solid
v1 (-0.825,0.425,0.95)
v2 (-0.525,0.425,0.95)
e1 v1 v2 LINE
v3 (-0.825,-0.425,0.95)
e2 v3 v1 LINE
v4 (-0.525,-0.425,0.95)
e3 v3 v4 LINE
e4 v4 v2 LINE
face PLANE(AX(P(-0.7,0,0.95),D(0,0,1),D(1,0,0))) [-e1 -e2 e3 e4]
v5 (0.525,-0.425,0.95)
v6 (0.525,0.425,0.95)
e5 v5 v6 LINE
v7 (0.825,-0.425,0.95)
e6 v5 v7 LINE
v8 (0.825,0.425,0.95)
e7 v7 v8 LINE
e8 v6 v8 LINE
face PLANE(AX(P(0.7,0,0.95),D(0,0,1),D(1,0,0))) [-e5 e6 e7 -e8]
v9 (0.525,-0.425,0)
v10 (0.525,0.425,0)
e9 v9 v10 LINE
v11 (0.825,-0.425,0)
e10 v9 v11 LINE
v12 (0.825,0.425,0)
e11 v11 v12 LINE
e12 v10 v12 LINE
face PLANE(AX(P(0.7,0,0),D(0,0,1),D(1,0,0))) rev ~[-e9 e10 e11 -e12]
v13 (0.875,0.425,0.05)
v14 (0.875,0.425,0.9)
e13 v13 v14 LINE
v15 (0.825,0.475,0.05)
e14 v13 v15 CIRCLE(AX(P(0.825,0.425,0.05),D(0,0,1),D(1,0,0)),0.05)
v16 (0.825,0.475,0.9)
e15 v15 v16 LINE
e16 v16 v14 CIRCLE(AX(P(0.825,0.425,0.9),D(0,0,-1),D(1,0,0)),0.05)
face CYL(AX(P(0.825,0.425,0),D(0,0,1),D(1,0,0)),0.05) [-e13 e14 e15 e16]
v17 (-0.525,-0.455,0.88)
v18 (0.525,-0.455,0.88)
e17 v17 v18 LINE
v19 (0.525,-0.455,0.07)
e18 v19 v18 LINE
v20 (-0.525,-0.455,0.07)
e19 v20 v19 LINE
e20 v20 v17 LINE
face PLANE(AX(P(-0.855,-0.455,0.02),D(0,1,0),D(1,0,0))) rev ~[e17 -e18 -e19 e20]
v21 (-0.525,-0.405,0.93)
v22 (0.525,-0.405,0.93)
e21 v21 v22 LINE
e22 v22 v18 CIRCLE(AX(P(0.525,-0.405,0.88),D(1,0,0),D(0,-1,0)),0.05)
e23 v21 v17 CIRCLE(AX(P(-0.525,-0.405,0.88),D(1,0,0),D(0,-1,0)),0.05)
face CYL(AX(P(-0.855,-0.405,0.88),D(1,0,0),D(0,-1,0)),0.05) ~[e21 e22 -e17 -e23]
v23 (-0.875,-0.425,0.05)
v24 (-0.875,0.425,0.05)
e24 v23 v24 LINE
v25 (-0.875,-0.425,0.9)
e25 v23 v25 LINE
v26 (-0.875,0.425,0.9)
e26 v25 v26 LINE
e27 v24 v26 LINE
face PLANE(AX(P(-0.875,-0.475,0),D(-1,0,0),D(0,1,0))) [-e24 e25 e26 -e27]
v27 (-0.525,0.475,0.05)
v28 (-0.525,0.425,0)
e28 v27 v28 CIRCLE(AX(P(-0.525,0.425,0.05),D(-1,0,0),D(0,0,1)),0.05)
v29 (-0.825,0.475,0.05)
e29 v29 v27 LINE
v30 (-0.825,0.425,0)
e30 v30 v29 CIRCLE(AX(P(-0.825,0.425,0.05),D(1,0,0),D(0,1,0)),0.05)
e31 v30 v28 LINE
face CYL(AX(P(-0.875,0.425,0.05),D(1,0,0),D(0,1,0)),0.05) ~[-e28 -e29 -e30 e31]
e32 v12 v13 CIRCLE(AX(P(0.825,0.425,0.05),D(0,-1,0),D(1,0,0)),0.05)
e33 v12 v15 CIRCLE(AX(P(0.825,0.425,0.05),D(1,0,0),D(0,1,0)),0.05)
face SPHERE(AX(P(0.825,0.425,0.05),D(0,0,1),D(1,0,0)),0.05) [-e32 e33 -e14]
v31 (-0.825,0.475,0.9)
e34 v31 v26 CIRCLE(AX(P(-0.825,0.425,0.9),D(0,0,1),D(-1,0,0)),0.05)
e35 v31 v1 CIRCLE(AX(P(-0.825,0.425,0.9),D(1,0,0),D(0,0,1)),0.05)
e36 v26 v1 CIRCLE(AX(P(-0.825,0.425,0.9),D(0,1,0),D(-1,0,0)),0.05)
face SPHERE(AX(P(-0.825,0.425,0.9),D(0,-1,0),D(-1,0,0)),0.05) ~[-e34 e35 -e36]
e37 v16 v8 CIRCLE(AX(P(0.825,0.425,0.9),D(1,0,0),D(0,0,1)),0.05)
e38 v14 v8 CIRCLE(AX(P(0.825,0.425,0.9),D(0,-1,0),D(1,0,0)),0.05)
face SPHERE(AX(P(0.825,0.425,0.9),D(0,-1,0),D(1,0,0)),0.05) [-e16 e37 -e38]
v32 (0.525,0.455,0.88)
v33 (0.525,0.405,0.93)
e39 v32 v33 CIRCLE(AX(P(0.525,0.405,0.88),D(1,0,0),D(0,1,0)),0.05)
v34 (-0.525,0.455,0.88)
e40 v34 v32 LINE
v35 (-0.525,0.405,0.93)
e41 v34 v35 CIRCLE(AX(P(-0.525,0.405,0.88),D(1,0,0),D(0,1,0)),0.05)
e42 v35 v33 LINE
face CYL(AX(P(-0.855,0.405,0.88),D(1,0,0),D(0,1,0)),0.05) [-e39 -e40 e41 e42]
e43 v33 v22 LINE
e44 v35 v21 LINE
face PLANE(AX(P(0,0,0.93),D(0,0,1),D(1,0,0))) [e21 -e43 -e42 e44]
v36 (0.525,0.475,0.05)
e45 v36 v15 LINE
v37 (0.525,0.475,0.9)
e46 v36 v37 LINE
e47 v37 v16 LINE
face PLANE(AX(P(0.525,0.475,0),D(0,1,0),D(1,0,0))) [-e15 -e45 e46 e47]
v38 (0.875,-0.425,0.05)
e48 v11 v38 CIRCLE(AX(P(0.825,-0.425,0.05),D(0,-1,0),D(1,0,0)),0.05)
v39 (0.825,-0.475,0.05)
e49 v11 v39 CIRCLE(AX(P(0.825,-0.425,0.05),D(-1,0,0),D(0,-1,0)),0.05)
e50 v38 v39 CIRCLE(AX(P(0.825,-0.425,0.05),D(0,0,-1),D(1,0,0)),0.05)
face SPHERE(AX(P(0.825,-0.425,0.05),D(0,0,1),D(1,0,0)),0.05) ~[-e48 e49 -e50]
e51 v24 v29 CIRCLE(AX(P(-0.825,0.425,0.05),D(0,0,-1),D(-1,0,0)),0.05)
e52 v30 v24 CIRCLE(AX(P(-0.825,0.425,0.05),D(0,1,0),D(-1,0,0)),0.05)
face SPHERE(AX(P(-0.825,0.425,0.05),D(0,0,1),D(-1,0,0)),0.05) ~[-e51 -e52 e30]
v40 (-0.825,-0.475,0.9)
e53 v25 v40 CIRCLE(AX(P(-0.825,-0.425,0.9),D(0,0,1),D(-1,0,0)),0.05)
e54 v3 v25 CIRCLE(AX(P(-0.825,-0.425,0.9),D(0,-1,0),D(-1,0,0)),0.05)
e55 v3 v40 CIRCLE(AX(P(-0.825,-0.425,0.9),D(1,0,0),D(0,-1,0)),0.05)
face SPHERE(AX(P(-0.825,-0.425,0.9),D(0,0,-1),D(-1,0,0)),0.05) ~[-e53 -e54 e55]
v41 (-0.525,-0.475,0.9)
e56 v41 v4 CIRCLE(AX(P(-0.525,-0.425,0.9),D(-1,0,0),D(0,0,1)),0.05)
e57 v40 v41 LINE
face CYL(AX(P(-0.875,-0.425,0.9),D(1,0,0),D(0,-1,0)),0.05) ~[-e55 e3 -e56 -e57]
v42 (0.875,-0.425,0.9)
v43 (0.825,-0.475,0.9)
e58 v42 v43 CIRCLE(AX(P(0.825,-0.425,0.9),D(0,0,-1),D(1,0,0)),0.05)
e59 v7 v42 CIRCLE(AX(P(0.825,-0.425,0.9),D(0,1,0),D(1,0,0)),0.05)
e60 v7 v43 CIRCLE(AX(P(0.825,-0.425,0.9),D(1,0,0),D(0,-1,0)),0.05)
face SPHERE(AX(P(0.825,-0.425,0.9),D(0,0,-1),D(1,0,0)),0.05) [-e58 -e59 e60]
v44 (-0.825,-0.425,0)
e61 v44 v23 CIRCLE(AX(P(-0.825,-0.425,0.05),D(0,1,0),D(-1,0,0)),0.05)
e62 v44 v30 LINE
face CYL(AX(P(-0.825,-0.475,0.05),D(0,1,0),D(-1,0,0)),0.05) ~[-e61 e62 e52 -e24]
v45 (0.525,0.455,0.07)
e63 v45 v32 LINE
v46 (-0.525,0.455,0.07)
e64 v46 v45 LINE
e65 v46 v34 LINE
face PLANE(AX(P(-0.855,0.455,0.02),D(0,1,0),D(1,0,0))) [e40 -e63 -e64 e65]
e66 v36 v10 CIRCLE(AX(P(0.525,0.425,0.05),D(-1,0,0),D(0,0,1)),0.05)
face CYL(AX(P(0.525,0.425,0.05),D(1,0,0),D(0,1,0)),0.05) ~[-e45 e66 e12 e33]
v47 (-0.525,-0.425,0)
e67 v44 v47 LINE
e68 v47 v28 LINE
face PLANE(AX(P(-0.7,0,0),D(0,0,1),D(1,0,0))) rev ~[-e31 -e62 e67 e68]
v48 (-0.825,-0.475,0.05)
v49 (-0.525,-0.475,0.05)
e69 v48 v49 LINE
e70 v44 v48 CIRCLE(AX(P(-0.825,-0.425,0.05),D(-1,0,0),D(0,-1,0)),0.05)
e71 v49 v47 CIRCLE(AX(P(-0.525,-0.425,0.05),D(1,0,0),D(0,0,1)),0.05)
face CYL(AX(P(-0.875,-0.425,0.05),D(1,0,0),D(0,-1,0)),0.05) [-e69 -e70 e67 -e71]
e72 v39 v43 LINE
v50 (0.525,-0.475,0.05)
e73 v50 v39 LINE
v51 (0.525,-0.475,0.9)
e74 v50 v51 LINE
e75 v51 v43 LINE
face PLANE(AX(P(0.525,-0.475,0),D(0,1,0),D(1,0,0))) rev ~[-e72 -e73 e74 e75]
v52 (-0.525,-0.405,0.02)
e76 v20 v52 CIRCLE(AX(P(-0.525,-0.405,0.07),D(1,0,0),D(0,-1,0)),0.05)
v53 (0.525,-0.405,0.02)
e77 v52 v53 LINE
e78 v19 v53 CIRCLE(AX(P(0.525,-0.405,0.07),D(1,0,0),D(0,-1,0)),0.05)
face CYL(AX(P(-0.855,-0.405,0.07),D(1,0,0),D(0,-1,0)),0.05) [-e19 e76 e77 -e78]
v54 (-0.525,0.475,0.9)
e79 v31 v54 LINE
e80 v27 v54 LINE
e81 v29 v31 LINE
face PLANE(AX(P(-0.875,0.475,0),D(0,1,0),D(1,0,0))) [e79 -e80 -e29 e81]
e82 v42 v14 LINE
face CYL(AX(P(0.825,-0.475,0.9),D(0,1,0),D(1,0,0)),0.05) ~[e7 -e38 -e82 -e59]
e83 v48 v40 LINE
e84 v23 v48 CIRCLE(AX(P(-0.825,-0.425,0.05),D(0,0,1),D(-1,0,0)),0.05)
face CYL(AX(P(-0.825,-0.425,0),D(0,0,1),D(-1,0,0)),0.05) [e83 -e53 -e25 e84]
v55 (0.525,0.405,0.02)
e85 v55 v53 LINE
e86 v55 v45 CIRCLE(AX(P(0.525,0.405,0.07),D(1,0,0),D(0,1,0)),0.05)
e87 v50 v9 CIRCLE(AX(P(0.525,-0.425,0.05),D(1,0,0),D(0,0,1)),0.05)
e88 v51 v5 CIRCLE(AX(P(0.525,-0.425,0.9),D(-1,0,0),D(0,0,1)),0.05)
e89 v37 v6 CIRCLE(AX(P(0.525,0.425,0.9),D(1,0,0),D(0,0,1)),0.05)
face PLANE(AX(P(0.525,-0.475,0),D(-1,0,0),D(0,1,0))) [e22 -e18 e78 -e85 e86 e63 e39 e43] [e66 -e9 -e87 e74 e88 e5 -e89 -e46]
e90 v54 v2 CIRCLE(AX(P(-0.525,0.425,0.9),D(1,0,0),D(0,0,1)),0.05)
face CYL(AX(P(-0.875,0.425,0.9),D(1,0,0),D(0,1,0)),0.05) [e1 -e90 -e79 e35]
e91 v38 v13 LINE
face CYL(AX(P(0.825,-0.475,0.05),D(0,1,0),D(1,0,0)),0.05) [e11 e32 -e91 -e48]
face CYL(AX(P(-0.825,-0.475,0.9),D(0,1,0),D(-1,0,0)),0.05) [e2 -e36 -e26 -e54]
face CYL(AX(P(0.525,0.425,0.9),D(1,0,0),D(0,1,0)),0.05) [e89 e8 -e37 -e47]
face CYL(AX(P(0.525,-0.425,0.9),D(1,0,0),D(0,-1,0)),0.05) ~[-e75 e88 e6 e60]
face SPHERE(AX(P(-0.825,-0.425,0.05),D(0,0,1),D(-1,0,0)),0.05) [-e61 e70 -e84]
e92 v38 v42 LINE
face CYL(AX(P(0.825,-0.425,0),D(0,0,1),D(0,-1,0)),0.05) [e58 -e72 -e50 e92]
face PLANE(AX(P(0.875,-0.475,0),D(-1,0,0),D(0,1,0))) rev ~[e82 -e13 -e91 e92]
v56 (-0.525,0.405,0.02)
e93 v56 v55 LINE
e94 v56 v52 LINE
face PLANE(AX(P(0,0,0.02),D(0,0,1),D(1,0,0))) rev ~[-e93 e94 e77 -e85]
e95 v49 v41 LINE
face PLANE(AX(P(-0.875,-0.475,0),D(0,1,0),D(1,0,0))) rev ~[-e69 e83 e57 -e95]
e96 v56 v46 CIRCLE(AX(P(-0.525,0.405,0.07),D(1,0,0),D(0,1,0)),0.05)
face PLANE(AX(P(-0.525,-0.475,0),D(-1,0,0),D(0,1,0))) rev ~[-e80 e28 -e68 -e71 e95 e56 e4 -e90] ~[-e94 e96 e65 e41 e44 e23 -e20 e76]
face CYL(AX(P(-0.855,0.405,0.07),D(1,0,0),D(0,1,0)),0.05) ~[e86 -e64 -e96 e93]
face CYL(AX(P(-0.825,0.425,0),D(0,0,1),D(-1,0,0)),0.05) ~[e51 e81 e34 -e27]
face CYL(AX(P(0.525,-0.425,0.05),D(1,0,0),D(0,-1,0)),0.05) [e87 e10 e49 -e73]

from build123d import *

# Parameters (mm, degrees)
PLATING_LEFT_W      = 0.35
PLATING_LEFT_H      = 0.95
PLATING_LEFT_DEPTH  = 0.95
PLATING_LEFT_F_R    = 0.05
PLATING_RIGHT_W     = 0.35
PLATING_RIGHT_H     = 0.95
PLATING_RIGHT_DEPTH = 0.95
PLATING_RIGHT_F_R   = 0.05
CHIP_W              = 1.71
CHIP_H              = 0.91
CHIP_DEPTH          = 0.91
CHIP_F_R            = 0.05


with BuildPart() as plating_left_f:
    # plating_left → plating_left (new body)
    with BuildSketch(Plane(origin=(-0.875, -0.475, 0), x_dir=(1, 0, 0), z_dir=(0, 0, 1))):
        with Locations((0.175, 0.475)):
            Rectangle(PLATING_LEFT_W, PLATING_LEFT_H)
    extrude(amount=PLATING_LEFT_DEPTH)

    # plating_left_f
    plating_left_f_edges = [plating_left_f.edges().sort_by_distance(p)[0] for p in [
        (-0.875, -0.475, 0.475),
        (-0.875, 0, 0.95),
        (-0.875, 0.475, 0.475),
        (-0.875, 0, 0),
        (-0.7, -0.475, 0),
        (-0.7, -0.475, 0.95),
        (-0.7, 0.475, 0),
        (-0.7, 0.475, 0.95),
    ]]
    fillet(plating_left_f_edges, radius=PLATING_LEFT_F_R)


with BuildPart() as plating_right_f:
    # plating_right → plating_right (new body)
    with BuildSketch(Plane(origin=(0.525, -0.475, 0), x_dir=(1, 0, 0), z_dir=(0, 0, 1))):
        with Locations((0.175, 0.475)):
            Rectangle(PLATING_RIGHT_W, PLATING_RIGHT_H)
    extrude(amount=PLATING_RIGHT_DEPTH)

    # plating_right_f
    plating_right_f_edges = [plating_right_f.edges().sort_by_distance(p)[0] for p in [
        (0.875, -0.475, 0.475),
        (0.875, 0, 0.95),
        (0.875, 0.475, 0.475),
        (0.875, 0, 0),
        (0.7, -0.475, 0),
        (0.7, -0.475, 0.95),
        (0.7, 0.475, 0),
        (0.7, 0.475, 0.95),
    ]]
    fillet(plating_right_f_edges, radius=PLATING_RIGHT_F_R)


with BuildPart() as capacitor:
    # chip → chip (new body)
    with BuildSketch(Plane(origin=(-0.855, -0.455, 0.02), x_dir=(1, 0, 0), z_dir=(0, 0, 1))):
        with Locations((0.855, 0.455)):
            Rectangle(CHIP_W, CHIP_H)
    extrude(amount=CHIP_DEPTH)

    # chip_f
    chip_f_edges = [capacitor.edges().sort_by_distance(p)[0] for p in [
        (0, -0.455, 0.02),
        (0, -0.455, 0.93),
        (0, 0.455, 0.02),
        (0, 0.455, 0.93),
    ]]
    fillet(chip_f_edges, radius=CHIP_F_R)

    # capacitor: union plating_left_f, plating_right_f
    add(plating_left_f.part)
    add(plating_right_f.part)


solid = capacitor.part
